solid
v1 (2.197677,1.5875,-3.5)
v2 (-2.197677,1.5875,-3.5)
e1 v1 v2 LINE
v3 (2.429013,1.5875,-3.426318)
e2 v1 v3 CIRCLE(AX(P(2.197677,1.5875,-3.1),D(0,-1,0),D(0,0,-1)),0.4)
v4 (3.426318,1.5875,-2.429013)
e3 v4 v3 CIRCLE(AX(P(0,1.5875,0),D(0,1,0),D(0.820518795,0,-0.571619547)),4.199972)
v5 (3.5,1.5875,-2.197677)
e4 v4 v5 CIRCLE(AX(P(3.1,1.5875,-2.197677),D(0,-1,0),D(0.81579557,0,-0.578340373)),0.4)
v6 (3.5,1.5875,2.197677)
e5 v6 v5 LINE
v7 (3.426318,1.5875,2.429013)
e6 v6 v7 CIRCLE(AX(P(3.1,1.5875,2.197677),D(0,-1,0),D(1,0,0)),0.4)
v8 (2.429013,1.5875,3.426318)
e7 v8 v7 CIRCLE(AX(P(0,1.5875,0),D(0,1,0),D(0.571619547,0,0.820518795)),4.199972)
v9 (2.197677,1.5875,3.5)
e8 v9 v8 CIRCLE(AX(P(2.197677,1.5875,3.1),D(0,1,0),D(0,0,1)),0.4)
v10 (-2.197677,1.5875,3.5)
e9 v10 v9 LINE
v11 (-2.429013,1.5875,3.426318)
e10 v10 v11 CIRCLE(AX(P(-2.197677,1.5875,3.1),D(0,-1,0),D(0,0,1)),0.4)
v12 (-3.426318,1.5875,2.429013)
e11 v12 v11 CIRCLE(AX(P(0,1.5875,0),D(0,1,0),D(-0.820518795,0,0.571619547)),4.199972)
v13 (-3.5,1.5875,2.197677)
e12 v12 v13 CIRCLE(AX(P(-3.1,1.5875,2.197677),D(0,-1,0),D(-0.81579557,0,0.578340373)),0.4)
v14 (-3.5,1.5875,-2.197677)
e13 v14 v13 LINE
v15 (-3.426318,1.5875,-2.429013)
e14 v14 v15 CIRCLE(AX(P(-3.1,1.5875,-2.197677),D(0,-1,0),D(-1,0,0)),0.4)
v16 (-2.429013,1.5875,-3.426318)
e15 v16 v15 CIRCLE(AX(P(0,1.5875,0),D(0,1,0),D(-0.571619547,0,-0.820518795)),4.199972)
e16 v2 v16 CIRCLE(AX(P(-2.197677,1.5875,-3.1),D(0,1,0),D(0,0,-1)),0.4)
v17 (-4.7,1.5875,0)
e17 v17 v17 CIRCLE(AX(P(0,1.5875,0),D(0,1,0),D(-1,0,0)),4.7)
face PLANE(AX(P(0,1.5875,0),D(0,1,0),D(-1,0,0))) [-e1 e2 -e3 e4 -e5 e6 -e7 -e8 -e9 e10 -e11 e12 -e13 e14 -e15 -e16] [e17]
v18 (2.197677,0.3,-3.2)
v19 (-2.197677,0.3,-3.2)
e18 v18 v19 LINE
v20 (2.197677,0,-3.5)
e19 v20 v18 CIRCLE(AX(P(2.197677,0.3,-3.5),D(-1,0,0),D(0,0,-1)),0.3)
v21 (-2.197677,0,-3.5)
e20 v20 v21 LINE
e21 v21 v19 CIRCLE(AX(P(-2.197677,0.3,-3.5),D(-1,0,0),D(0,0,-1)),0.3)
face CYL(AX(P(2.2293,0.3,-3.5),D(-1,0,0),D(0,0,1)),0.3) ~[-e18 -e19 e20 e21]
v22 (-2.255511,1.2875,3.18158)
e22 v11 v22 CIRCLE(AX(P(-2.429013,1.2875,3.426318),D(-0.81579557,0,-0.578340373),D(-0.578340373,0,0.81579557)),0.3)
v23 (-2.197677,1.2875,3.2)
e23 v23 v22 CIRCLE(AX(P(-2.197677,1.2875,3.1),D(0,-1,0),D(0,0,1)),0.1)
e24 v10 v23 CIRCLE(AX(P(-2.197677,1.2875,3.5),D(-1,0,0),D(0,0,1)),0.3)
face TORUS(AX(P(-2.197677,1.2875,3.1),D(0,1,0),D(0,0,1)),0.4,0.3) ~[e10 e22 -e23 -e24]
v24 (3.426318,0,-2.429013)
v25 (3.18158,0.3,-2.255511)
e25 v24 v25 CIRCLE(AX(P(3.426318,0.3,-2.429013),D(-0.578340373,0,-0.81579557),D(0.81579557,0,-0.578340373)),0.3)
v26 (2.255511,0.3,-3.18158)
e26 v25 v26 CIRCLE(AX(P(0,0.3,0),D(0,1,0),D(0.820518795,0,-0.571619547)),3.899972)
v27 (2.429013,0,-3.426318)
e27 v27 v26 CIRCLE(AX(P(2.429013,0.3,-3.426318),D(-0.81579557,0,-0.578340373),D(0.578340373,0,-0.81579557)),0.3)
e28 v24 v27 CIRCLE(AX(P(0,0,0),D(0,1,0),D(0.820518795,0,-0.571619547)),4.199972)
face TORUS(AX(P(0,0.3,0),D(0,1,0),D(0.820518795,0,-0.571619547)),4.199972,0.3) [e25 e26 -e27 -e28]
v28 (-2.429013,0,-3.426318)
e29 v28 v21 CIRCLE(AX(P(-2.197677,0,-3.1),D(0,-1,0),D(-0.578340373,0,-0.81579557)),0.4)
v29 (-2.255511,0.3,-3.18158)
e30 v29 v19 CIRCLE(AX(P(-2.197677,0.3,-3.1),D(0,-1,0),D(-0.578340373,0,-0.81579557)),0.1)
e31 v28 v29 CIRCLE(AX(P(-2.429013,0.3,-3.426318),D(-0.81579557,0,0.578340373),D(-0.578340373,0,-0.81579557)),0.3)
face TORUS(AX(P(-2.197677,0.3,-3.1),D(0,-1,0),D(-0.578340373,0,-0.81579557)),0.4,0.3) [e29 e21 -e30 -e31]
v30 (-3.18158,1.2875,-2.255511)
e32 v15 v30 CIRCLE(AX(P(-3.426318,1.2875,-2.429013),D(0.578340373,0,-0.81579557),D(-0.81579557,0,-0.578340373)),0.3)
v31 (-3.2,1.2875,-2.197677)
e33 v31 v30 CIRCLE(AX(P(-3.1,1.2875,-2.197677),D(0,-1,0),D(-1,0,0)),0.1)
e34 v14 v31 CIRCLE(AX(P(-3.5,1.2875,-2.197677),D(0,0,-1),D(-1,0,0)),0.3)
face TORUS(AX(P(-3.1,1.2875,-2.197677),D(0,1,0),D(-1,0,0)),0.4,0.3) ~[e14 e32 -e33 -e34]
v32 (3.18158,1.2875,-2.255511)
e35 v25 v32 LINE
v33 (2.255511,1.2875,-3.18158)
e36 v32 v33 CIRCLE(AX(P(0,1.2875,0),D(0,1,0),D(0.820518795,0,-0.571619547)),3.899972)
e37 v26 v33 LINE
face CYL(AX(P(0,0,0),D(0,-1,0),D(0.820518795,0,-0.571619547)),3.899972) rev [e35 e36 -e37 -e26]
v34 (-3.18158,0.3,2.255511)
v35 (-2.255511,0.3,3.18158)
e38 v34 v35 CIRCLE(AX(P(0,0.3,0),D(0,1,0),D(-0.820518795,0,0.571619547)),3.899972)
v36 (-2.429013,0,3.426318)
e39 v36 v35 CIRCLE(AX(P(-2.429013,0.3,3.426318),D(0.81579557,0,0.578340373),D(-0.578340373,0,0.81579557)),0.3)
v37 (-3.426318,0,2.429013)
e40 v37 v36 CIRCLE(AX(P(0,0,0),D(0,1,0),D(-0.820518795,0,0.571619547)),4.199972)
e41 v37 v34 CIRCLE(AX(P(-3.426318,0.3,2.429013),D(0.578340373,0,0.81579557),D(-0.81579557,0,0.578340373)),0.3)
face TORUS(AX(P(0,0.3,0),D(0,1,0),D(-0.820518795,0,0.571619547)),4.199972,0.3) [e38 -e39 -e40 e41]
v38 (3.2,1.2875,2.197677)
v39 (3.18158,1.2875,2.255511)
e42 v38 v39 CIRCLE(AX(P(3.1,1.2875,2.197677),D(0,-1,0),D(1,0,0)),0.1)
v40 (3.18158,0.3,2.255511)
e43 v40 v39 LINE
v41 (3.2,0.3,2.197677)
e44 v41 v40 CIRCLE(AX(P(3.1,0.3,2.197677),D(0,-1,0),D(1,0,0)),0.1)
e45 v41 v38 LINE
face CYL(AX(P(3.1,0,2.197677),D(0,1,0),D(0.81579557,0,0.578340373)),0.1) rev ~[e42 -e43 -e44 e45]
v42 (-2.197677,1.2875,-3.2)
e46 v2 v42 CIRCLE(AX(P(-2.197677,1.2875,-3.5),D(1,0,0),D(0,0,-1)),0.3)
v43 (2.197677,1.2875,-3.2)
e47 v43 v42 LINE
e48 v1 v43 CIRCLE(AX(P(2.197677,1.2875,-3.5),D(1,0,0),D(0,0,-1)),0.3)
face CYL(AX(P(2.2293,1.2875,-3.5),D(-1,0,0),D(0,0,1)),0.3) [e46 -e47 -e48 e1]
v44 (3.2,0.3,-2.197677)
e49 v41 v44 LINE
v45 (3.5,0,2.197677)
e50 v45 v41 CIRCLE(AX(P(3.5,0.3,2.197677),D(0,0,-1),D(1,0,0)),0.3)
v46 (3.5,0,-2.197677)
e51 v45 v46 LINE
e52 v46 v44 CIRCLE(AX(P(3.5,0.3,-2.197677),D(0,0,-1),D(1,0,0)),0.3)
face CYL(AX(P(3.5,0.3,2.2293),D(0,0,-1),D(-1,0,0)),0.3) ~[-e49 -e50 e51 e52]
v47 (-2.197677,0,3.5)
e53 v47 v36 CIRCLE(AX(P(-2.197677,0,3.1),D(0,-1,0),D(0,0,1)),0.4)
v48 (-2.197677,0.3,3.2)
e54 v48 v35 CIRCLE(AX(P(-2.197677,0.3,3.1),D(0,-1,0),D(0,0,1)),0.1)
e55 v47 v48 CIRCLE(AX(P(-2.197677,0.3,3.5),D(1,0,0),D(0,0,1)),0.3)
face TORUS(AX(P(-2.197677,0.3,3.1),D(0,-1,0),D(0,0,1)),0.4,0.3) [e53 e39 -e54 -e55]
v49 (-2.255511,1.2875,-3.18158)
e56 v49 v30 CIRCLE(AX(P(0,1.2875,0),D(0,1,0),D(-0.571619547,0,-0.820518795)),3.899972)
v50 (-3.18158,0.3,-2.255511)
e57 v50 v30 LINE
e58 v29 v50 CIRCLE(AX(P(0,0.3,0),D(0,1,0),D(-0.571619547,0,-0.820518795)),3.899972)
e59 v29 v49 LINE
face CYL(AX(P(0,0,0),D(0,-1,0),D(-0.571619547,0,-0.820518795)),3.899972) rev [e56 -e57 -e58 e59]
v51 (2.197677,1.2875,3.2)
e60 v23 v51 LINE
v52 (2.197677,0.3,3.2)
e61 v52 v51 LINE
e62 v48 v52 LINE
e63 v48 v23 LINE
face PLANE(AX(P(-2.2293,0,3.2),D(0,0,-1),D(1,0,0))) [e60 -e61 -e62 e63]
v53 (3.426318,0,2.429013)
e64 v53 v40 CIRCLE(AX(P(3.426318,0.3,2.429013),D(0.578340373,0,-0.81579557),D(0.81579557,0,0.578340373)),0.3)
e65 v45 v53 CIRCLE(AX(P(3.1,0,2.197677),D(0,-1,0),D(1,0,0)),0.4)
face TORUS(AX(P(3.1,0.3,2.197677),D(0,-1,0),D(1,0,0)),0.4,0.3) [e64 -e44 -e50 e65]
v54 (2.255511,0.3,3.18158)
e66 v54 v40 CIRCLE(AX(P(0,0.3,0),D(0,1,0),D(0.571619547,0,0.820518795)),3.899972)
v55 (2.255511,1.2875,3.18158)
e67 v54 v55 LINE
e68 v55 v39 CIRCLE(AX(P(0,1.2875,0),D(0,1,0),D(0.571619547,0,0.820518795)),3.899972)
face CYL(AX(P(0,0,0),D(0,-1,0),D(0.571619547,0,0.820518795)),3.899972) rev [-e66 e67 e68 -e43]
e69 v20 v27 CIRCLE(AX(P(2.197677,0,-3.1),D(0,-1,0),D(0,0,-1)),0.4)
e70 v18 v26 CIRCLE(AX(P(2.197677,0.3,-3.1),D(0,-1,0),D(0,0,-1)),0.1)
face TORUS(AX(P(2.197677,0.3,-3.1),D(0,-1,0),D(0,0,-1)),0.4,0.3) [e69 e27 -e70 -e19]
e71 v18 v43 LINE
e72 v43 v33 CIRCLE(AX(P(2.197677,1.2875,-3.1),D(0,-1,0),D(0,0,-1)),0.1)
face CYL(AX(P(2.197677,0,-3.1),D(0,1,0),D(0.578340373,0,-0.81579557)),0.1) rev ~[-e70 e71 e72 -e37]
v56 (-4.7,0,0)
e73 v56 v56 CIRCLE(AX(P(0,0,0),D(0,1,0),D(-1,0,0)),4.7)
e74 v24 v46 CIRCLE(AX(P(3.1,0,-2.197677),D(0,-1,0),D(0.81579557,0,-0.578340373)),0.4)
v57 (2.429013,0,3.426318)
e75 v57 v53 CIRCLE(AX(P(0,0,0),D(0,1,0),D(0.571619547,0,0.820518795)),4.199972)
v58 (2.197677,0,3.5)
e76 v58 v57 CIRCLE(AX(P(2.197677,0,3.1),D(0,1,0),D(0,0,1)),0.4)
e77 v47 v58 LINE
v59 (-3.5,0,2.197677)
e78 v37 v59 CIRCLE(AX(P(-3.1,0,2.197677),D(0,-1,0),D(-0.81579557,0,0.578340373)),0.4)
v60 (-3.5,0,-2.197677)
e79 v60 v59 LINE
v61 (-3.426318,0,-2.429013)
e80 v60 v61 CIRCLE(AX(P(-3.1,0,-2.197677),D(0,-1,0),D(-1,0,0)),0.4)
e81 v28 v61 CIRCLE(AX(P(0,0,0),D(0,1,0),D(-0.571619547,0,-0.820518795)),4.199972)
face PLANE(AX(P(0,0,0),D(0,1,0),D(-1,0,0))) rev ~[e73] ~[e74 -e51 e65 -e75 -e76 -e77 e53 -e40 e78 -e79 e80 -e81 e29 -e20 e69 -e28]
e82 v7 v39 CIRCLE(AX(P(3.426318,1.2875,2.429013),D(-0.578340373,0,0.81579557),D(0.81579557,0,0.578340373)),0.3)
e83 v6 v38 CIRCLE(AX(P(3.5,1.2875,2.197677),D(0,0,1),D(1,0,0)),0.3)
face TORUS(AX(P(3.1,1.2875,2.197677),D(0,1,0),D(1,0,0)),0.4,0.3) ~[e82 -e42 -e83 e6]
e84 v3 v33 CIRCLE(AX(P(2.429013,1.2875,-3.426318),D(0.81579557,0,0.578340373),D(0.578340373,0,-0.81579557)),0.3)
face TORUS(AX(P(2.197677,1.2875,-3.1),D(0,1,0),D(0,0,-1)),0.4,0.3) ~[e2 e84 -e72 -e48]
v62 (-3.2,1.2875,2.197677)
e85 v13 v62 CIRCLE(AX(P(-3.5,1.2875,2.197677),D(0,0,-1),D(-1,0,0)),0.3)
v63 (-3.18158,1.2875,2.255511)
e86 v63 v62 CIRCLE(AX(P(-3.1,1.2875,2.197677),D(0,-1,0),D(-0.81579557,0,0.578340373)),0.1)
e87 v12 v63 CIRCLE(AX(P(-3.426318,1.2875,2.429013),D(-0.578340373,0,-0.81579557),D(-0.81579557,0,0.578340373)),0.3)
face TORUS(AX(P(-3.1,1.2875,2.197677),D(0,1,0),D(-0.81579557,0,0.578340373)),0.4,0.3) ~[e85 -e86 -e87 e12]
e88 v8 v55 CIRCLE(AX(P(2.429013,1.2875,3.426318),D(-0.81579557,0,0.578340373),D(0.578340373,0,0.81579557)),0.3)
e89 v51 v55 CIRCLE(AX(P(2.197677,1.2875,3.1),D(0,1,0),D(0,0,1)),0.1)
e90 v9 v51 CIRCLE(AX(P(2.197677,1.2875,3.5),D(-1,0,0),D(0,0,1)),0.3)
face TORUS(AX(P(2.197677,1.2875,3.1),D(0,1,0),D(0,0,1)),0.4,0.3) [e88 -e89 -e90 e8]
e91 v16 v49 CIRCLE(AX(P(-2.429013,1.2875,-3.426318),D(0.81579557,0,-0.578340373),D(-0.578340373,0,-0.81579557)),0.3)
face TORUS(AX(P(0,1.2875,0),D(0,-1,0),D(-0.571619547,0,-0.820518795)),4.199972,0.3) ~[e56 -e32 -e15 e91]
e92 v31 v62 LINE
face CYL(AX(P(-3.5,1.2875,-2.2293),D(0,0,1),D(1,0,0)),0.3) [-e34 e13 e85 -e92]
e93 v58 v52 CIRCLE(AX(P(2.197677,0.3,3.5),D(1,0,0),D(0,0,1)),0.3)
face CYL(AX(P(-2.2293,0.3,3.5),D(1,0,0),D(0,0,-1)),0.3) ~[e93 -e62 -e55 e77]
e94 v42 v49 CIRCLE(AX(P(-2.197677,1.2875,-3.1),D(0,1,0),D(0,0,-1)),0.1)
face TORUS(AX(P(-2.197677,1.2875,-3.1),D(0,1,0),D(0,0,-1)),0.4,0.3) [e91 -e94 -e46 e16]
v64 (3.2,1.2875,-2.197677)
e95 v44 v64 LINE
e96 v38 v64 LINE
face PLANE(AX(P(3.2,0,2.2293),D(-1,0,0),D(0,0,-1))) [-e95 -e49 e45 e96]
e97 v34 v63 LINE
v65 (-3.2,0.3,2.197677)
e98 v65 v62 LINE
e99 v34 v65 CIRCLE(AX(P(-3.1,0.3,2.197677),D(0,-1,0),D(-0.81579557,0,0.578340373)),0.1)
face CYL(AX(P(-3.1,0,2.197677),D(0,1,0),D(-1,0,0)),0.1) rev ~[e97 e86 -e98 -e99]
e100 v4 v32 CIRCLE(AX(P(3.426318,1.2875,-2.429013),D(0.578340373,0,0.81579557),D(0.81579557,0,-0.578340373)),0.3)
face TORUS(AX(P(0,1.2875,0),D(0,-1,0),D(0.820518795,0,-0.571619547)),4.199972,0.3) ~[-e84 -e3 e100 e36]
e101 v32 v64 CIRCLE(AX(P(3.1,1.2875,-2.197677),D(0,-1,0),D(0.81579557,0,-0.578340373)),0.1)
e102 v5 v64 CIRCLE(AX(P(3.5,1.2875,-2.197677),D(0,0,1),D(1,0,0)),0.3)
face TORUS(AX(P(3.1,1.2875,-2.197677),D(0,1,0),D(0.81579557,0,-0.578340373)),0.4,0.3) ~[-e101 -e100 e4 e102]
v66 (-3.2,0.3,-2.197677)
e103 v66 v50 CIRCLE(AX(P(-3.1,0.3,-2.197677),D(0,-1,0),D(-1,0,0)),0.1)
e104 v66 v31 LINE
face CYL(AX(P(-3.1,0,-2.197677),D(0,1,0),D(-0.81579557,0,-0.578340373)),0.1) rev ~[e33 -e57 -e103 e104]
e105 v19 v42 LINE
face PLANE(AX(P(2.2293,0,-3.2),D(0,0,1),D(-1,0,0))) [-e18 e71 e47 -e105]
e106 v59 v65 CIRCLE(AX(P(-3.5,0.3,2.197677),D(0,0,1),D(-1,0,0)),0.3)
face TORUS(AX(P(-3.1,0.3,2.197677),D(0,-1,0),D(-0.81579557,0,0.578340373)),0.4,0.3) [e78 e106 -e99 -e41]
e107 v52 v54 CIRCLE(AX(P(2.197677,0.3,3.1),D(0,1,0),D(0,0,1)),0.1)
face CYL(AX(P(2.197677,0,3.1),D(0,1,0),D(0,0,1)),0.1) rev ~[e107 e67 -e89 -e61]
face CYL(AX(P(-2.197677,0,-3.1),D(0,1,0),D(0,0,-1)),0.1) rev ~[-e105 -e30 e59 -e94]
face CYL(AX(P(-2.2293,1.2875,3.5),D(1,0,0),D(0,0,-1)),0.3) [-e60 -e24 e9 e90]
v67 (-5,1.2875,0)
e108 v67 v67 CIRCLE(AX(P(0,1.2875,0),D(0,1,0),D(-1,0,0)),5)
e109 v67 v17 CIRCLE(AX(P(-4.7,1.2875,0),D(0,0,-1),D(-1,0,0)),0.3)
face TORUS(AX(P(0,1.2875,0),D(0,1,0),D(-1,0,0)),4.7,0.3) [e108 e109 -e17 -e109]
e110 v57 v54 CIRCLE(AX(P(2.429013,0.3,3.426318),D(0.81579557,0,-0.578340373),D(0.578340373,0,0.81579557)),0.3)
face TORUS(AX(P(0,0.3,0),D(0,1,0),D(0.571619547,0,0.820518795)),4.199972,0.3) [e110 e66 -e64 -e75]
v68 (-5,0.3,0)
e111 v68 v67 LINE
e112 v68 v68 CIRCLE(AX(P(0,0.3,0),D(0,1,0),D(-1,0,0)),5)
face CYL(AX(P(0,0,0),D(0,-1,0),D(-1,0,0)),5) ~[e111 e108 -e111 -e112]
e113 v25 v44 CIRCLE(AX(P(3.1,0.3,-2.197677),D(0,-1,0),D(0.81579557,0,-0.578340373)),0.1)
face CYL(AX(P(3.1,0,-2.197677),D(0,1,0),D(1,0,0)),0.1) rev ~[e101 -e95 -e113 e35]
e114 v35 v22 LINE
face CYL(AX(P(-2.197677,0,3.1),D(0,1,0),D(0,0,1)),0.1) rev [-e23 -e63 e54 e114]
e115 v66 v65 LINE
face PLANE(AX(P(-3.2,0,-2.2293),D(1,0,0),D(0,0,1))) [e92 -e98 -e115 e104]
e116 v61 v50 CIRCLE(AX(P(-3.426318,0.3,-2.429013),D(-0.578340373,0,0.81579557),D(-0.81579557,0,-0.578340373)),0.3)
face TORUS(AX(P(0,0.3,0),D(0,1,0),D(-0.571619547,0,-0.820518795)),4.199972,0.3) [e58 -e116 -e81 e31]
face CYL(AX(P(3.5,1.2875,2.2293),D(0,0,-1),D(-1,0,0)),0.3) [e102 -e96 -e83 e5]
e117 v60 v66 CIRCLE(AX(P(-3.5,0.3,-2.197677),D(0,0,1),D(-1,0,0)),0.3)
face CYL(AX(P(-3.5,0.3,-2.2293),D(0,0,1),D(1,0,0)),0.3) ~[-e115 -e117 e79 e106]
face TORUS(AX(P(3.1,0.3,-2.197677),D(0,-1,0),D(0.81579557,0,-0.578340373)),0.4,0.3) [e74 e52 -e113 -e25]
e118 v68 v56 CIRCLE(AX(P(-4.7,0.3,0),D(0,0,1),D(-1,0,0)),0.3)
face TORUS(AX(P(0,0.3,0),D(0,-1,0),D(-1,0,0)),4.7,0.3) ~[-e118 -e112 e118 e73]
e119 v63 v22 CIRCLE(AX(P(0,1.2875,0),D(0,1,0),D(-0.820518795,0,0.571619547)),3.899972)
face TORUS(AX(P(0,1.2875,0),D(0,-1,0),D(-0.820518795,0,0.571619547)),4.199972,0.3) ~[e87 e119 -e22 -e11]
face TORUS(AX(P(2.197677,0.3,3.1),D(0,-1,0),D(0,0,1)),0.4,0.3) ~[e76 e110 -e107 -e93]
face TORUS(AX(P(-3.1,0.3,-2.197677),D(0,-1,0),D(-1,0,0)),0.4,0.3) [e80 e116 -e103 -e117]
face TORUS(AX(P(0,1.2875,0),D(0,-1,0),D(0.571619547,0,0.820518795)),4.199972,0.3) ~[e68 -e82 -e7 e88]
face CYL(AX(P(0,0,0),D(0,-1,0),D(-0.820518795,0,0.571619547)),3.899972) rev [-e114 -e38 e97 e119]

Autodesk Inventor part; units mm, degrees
ref_plane "YZ Plane" through (0, 0, 0) normal (1, 0, 0) x (0, 1, 0)
ref_plane "XZ Plane" through (0, 0, 0) normal (0, 1, 0) x (-1, 0, 0)
ref_plane "XY Plane" through (0, 0, 0) normal (0, 0, 1) x (1, 0, 0)
sketch "Sketch1" plane through (0, 0, 0) normal (0, 1, 0) x (-1, 0, 0)
  circle A0 centre (0, 0) radius 5
  line L0 (2.2293, 3.2) -> (-2.2293, 3.2)
  line L1 (-3.2, 2.2293) -> (-3.2, -2.2293)
  line L2 (-2.2293, -3.2) -> (2.2293, -3.2)
  line L3 (3.2, -2.2293) -> (3.2, 2.2293)
  arc A1 (3.2, 2.2293) -> (2.2293, 3.2) centre (0, 0) ccw
  arc A2 (2.2293, -3.2) -> (3.2, -2.2293) centre (0, 0) ccw
  arc A3 (-2.2293, 3.2) -> (-3.2, 2.2293) centre (0, 0) ccw
  arc A4 (-3.2, -2.2293) -> (-2.2293, -3.2) centre (0, 0) ccw
  dimension "d0" = 10
  dimension "d2" = 3.2
  dimension "d3" = 3.2
  dimension "d5" = 6.4
extrude "Extrusion1" add sketch "Sketch1" along normal blind 1.5875
fillet "Fillet1" radius 0.3 18 edges at (0, 1.5875, 3.2) (0, 0, 3.2) (-2.7577, 0, 2.7577) (-2.7577, 1.5875, 2.7577) (-3.2, 1.5875, 0) (-3.2, 0, 0) (-2.7577, 0, -2.7577) (0, 0, -3.2) (0, 1.5875, -3.2) (-2.7577, 1.5875, -2.7577) (2.7577, 1.5875, -2.7577) (3.2, 1.5875, 0) (2.7577, 1.5875, 2.7577) (2.7577, 0, -2.7577) (3.2, 0, 0) (2.7577, 0, 2.7577) (5, 0, 0) (5, 1.5875, 0)
fillet "Fillet1" radius 0.1 8 edges at (2.2293, 0.7937, 3.2) (3.2, 0.7937, 2.2293) (3.2, 0.7937, -2.2293) (-3.2, 0.7937, -2.2293) (-2.2293, 0.7937, -3.2) (-3.2, 0.7937, 2.2293) (-2.2293, 0.7937, 3.2) (2.2293, 0.7937, -3.2)
properties part number "Spacer High Strength" material "Acetal Resin, Black"
